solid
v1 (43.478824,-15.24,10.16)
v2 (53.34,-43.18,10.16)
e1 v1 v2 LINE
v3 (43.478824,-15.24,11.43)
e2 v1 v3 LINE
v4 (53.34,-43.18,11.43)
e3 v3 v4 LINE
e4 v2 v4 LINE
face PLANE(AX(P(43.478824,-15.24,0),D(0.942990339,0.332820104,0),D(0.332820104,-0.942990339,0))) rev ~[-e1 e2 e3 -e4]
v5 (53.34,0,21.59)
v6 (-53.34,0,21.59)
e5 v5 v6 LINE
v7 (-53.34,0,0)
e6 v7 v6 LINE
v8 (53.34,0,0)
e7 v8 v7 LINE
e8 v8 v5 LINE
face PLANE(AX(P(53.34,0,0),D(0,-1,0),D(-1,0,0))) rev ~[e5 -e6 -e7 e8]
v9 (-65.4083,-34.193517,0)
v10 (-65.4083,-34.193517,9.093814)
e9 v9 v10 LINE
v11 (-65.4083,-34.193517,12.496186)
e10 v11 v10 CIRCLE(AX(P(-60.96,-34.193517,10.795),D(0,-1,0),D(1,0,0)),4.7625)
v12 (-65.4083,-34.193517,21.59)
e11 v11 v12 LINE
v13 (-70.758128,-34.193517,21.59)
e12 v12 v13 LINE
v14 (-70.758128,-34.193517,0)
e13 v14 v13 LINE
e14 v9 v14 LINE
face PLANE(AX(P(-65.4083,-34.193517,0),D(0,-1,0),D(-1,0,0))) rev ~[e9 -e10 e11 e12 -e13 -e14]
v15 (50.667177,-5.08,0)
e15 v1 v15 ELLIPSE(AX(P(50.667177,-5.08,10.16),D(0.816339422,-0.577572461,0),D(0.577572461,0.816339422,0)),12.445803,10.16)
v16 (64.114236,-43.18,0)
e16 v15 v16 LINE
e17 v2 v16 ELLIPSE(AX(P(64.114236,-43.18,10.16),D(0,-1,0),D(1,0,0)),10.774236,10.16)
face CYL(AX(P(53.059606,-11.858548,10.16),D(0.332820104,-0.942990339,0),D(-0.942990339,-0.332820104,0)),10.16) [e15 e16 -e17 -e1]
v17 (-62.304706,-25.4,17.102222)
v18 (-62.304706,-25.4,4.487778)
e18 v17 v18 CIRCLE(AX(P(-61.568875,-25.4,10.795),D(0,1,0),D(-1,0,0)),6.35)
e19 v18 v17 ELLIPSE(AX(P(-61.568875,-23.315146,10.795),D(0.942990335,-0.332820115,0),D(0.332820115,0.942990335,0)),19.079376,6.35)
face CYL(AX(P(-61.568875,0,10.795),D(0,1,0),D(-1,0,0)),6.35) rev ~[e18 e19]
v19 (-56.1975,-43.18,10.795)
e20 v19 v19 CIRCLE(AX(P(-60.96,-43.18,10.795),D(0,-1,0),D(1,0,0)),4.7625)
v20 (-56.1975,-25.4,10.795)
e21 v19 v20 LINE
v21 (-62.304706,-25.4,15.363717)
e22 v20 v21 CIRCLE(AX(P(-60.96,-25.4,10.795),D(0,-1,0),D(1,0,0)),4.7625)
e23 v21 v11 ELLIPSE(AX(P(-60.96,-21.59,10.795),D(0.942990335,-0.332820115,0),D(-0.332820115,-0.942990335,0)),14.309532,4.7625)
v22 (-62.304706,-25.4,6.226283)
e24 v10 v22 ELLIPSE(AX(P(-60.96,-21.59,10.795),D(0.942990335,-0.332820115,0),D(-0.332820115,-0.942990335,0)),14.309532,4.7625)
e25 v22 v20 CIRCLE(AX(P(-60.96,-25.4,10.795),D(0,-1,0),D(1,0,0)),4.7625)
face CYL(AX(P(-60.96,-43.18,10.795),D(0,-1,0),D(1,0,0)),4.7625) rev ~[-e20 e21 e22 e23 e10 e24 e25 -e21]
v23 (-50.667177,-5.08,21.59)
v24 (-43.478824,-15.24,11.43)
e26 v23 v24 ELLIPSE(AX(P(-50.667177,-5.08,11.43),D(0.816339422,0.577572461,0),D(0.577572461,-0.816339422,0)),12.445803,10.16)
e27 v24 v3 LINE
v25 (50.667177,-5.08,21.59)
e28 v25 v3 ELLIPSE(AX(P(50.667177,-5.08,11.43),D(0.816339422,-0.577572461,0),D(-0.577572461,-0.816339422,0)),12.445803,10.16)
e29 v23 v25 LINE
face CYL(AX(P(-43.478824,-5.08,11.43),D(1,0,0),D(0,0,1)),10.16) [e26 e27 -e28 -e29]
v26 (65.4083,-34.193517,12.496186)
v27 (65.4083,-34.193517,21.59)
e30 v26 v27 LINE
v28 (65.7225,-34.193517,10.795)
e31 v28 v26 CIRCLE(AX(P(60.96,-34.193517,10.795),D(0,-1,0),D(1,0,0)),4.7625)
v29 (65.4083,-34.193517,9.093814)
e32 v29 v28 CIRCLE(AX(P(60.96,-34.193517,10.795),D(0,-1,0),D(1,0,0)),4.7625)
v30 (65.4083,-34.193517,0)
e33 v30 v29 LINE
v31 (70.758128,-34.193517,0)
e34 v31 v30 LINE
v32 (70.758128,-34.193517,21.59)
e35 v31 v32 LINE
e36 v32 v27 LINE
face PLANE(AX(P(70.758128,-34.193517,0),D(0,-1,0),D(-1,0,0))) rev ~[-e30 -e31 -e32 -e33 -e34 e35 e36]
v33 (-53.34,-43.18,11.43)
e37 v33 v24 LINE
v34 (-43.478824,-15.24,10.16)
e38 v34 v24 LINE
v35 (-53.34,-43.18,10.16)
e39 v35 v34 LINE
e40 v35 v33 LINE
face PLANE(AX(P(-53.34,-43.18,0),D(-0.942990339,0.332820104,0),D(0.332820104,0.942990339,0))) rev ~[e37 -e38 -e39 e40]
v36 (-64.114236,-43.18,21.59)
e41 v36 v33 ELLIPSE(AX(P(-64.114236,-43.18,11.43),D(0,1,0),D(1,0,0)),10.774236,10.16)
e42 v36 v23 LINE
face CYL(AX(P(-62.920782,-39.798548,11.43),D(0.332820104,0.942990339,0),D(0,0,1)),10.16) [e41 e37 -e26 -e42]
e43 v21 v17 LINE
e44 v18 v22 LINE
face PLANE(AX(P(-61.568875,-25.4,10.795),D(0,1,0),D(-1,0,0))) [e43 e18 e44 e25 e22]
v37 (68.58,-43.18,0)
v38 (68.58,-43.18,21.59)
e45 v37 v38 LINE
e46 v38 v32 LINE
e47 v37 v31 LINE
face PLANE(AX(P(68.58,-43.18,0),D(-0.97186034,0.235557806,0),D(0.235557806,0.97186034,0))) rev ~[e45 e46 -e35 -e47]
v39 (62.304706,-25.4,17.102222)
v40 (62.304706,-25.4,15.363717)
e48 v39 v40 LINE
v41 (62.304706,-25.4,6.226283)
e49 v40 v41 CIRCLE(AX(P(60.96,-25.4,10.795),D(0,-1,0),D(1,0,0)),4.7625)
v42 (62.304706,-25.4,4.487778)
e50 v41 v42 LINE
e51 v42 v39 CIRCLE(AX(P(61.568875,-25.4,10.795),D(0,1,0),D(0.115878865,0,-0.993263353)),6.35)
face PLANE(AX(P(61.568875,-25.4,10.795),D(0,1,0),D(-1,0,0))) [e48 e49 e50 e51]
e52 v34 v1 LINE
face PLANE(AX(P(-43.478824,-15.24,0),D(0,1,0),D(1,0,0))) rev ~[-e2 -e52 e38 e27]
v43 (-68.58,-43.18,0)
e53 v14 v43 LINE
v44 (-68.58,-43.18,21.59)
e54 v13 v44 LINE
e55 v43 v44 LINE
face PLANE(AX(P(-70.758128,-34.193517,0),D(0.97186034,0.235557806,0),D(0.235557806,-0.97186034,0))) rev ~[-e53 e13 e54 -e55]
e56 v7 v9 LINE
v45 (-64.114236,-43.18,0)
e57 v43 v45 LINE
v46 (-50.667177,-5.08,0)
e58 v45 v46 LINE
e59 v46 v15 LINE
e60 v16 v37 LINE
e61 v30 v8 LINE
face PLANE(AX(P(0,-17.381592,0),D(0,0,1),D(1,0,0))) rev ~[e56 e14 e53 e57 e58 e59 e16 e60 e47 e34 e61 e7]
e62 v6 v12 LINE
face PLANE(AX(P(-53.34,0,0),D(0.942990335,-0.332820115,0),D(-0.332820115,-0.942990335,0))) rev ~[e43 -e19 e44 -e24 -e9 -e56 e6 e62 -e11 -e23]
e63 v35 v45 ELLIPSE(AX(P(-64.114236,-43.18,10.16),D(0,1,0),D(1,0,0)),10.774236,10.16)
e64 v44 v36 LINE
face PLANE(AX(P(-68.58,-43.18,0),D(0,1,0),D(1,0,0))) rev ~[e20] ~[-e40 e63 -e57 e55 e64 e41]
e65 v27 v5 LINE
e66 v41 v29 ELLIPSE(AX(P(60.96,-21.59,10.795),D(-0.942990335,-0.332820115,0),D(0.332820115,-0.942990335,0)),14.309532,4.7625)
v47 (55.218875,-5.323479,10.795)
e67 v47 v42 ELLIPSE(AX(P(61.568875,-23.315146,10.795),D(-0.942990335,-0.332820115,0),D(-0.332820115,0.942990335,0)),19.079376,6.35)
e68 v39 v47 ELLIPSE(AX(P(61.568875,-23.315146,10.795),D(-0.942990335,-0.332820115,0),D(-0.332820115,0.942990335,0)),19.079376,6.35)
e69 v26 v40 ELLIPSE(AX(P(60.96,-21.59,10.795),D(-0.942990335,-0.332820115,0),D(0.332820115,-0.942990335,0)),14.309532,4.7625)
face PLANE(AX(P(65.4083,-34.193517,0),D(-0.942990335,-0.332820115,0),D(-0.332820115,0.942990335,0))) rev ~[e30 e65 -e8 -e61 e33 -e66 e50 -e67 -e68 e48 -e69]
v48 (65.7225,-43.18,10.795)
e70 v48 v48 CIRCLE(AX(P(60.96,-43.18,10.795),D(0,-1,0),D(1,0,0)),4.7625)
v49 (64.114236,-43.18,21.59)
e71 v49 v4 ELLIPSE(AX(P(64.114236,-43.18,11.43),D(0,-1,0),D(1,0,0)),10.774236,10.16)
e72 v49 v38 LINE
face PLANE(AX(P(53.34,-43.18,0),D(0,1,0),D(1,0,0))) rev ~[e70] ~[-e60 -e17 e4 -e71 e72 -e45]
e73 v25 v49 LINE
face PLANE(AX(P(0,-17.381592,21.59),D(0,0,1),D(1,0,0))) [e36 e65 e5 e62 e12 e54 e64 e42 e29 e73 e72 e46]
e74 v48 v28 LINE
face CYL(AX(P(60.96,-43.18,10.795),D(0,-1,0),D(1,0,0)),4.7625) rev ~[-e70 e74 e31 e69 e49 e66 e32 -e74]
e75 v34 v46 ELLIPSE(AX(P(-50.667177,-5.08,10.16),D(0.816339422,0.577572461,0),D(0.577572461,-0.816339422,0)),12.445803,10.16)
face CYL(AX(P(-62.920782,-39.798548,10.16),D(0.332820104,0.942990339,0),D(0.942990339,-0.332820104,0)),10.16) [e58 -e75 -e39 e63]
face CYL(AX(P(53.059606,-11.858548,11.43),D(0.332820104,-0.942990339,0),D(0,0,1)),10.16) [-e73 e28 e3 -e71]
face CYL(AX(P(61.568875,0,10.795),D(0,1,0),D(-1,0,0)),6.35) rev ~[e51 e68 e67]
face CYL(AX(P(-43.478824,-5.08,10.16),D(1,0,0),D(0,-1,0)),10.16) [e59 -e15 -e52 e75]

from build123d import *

# Parameters (mm, degrees)
F1_DEPTH = 21.59
F2_R     = 4.7625
F3_DEPTH = 25.4
F4_R     = 6.35
F5_DEPTH = 25.4
F6_R     = 10.16


with BuildPart() as f1:
    # F0 (on Top) → F1 (new body)
    with BuildSketch(Plane.XY):
        Polygon((53.34, 0), (0, 0), (-53.34, 0), (-65.4083, -34.193517), (-70.758128, -34.193517), (-68.58, -43.18), (-53.34, -43.18), (-43.478824, -15.24), (0, -15.24), (43.478824, -15.24), (53.34, -43.18), (68.58, -43.18), (70.758128, -34.193517), (65.4083, -34.193517), align=None)
    extrude(amount=F1_DEPTH)

    # F2 (on face) → F3 (cut)
    with BuildSketch(Plane.XZ.offset(43.18)):
        with Locations((-60.96, 10.795)):
            Circle(F2_R)
        with Locations((60.96, 10.795)):
            Circle(F2_R)
    extrude(amount=-F3_DEPTH, mode=Mode.SUBTRACT)

    # F4 (on face) → F5 (cut)
    with BuildSketch(Plane(origin=(0, 0, 0), x_dir=(-1, 0, 0), z_dir=(0, 1, 0))):
        with Locations((-61.568875, 10.795)):
            Circle(F4_R)
        with Locations((61.568875, 10.795)):
            Circle(F4_R)
    extrude(amount=-F5_DEPTH, mode=Mode.SUBTRACT)

    # F6
    f6_edges = [f1.edges().sort_by_distance(p)[0] for p in [
        (0, -15.24, 0),
        (48.409412, -29.21, 0),
        (-48.409412, -29.21, 0),
        (48.409412, -29.21, 21.59),
        (0, -15.24, 21.59),
        (-48.409412, -29.21, 21.59),
    ]]
    fillet(f6_edges, radius=F6_R)


solid = f1.part
